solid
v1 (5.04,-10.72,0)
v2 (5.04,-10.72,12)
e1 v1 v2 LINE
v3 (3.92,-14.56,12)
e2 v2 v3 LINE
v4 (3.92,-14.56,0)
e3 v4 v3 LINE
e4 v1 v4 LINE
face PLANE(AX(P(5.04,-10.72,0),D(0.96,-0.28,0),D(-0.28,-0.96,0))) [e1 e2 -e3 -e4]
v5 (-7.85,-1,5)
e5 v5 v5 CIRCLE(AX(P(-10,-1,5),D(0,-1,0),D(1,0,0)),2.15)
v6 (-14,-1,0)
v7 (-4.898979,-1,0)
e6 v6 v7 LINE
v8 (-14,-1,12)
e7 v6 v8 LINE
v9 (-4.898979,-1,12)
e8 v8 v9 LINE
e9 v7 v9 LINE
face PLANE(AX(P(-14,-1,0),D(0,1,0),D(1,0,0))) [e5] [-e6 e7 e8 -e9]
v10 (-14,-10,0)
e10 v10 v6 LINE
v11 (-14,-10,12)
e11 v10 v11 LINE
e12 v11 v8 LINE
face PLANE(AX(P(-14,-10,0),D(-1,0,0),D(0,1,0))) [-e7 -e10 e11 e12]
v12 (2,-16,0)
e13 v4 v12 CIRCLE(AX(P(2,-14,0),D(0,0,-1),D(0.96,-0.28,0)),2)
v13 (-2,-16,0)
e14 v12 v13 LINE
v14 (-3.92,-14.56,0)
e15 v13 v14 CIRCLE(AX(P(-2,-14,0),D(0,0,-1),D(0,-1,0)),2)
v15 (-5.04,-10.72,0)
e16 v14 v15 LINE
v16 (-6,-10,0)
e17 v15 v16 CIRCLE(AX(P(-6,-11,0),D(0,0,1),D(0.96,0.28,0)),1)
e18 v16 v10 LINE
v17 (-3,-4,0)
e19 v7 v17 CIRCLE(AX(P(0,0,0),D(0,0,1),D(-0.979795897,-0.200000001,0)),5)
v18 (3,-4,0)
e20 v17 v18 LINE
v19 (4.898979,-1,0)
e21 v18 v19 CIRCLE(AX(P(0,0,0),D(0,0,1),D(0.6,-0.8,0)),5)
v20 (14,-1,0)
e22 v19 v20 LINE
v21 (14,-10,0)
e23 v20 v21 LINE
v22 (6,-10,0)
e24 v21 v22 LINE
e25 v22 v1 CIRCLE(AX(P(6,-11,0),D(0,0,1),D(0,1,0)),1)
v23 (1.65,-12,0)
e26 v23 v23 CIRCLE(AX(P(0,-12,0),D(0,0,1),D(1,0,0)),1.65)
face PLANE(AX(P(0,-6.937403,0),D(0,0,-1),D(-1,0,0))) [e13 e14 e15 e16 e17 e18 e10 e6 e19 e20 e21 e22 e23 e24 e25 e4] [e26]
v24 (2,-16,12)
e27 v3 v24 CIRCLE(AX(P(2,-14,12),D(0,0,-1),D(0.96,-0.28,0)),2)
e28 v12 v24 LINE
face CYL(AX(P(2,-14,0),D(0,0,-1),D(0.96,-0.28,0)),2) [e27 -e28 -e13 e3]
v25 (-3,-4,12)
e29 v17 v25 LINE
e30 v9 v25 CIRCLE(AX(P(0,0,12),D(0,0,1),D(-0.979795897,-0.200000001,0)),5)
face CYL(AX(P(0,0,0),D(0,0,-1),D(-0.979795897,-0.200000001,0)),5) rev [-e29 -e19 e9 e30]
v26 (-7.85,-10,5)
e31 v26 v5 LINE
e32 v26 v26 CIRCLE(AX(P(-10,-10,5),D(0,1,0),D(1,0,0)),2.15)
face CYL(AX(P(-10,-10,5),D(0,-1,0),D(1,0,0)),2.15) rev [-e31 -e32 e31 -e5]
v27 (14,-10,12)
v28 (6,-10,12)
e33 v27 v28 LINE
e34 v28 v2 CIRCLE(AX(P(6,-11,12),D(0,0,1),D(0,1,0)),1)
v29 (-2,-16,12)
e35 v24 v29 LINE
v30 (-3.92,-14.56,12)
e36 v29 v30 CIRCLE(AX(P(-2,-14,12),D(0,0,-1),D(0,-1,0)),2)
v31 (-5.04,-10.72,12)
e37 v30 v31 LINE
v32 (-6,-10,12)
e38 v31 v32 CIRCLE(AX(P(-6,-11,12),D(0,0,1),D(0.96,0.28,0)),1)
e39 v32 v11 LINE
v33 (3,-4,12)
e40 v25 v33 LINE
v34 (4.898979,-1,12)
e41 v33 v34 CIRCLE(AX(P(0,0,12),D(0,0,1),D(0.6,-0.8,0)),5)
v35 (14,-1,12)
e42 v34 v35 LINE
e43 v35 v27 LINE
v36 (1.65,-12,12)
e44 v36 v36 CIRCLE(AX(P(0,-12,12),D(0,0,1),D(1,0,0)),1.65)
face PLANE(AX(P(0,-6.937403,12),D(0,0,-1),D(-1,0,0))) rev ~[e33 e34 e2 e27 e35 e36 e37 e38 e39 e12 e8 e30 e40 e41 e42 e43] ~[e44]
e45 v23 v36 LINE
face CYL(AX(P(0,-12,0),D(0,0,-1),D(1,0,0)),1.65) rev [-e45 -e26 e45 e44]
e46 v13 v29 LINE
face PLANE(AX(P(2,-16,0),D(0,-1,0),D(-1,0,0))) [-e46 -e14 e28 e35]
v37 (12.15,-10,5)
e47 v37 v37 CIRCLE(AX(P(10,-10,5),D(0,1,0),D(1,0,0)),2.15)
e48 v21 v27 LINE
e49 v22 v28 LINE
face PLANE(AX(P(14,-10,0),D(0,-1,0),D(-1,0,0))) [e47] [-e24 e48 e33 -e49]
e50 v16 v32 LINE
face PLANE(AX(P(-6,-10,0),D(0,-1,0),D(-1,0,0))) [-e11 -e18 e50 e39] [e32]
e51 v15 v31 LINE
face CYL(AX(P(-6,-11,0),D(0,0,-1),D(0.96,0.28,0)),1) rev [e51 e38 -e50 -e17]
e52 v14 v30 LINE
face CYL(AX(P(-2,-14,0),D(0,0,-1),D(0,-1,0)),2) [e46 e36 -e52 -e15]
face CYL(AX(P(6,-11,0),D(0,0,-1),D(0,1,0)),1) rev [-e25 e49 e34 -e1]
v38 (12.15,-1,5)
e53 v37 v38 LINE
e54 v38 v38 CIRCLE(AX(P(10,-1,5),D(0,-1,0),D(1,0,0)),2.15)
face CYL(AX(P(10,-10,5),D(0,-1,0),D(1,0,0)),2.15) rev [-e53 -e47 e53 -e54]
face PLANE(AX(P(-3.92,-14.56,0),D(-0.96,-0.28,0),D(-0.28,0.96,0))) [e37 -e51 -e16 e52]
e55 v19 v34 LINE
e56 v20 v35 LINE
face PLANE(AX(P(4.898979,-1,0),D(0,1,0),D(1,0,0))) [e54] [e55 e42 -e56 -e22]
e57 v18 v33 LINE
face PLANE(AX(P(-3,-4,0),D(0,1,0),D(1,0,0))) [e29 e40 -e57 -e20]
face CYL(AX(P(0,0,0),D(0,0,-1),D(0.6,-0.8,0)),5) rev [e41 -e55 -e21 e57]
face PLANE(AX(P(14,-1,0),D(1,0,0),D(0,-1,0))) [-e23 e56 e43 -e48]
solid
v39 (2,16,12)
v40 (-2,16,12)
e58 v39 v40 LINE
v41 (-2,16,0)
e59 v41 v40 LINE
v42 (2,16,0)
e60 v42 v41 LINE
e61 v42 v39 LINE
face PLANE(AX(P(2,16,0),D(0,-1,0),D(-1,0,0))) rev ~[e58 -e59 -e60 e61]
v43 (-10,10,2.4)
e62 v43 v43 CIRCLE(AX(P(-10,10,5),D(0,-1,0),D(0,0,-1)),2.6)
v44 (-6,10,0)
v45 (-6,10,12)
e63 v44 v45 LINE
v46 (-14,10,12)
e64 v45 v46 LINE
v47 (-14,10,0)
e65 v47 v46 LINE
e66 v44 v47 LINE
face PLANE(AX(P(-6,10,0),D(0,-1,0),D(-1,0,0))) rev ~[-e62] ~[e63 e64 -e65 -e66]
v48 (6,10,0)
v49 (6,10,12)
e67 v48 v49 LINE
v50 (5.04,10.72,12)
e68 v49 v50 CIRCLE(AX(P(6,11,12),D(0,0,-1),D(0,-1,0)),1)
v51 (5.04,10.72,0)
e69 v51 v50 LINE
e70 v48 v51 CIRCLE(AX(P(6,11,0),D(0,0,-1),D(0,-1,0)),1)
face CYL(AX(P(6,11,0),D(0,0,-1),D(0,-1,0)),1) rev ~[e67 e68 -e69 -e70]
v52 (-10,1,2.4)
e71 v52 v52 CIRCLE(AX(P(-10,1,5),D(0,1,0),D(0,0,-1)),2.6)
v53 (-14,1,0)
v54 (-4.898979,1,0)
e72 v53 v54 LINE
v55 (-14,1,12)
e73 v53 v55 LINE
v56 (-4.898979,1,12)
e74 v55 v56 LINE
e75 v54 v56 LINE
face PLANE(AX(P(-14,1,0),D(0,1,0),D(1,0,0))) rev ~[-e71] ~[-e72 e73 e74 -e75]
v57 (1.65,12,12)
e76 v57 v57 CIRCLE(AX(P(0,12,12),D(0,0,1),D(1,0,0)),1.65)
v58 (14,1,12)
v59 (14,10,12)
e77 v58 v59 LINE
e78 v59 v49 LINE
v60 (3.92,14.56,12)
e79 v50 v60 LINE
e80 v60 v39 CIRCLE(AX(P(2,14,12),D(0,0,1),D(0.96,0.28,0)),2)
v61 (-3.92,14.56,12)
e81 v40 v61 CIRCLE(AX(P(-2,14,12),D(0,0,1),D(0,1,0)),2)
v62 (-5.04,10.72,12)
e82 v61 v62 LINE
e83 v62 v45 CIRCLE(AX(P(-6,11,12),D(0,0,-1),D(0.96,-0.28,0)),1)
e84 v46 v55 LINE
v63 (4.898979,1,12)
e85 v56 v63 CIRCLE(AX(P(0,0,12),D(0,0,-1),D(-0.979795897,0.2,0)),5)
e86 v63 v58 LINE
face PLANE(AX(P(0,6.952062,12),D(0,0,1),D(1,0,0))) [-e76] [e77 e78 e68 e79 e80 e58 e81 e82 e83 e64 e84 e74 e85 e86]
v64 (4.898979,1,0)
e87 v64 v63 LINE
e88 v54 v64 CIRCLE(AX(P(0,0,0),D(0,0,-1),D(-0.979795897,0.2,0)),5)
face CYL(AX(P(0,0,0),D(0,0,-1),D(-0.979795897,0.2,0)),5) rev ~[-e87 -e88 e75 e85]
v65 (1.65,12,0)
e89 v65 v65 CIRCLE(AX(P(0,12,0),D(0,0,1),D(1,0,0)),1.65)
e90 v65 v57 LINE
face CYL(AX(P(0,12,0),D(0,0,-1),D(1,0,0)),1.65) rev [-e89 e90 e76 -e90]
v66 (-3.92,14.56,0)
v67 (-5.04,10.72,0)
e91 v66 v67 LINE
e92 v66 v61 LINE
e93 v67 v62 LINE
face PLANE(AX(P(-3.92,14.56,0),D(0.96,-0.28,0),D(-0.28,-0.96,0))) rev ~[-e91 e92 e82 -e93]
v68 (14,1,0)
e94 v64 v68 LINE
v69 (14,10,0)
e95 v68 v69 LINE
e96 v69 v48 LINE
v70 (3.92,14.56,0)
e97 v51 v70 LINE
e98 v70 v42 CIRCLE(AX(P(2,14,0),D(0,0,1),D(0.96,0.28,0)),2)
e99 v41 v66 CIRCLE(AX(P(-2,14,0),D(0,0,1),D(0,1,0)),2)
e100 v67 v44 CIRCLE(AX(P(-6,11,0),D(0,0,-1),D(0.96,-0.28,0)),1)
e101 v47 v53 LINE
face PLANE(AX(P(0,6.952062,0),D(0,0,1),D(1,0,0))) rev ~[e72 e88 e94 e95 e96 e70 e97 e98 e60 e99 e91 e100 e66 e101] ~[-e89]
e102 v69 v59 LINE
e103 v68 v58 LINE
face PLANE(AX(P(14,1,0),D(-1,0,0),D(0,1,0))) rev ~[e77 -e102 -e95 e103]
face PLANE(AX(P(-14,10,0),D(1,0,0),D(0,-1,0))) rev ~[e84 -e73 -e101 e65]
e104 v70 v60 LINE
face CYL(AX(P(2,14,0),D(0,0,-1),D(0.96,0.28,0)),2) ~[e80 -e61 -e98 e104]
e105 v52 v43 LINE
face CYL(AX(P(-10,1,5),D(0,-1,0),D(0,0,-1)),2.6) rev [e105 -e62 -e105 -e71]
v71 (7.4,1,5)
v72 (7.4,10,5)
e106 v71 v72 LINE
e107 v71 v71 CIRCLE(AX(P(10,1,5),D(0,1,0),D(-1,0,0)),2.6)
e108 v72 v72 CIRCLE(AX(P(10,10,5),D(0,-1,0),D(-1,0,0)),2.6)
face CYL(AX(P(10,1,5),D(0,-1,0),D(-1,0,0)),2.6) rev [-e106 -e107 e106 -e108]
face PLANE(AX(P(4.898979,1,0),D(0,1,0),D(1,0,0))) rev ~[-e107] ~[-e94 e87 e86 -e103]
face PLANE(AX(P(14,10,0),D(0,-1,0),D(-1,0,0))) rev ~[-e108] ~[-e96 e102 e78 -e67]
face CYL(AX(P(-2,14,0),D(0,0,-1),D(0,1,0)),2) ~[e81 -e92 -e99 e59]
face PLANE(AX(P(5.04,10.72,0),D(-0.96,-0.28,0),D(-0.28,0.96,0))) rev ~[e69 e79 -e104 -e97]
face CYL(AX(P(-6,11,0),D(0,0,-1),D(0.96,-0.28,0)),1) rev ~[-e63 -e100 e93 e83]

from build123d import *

# Parameters (mm, degrees)
SKETCH_1_R               = 1.65
EXTRUDE_1_DEPTH          = 12
EXTRUDE_1_2_DEPTH        = 12
CUT_EXTRUDE_2_DEPTH      = 32.874754901
CUT_EXTRUDE_2_DEPTH_BACK = 9
SKETCH_3_R               = 2.6
SKETCH_4_R               = 2.15
CUT_EXTRUDE_3_DEPTH      = 32.874754901


with BuildPart() as part:
    # 草图1 → 凸台-拉伸1 (new body)
    with BuildSketch(Plane.XY):
        with BuildLine():
            Line((-3, -4), (3, -4))
            ThreePointArc((3, -4), (4.224744871, -2.674234614), (4.898979486, -1))
            Line((4.898979486, -1), (14, -1))
            Line((14, -1), (14, -10))
            Line((14, -10), (6, -10))
            ThreePointArc((6, -10), (5.4, -10.2), (5.04, -10.72))
            Line((5.04, -10.72), (3.92, -14.56))
            ThreePointArc((3.92, -14.56), (3.2, -15.6), (2, -16))
            Line((2, -16), (-2, -16))
            ThreePointArc((-2, -16), (-3.2, -15.6), (-3.92, -14.56))
            Line((-3.92, -14.56), (-5.04, -10.72))
            ThreePointArc((-5.04, -10.72), (-5.4, -10.2), (-6, -10))
            Line((-6, -10), (-14, -10))
            Line((-14, -10), (-14, -1))
            Line((-14, -1), (-4.898979486, -1))
            ThreePointArc((-4.898979486, -1), (-4.224744871, -2.674234614), (-3, -4))
        make_face()
        with Locations((0, -12)):
            Circle(SKETCH_1_R, mode=Mode.SUBTRACT)
    extrude(amount=EXTRUDE_1_DEPTH)

    # 草图4 → 切除-拉伸3 (cut, through all)
    with BuildSketch(Plane(origin=(0, -10, 0), x_dir=(1, 0, 0), z_dir=(0, 1, 0))):
        with Locations((10, -5)):
            Circle(SKETCH_4_R)
        with Locations((-10, -5)):
            Circle(SKETCH_4_R)
    extrude(amount=CUT_EXTRUDE_3_DEPTH, mode=Mode.SUBTRACT)


with BuildPart() as body_2:
    # 草图1 → Extrude 1 2 (new body)
    with BuildSketch(Plane.XY):
        with BuildLine():
            Line((-3.92, 14.56), (-5.04, 10.72))
            ThreePointArc((-5.04, 10.72), (-5.4, 10.2), (-6, 10))
            Line((-6, 10), (-14, 10))
            Line((-14, 10), (-14, 1))
            Line((-14, 1), (-4.898979486, 1))
            ThreePointArc((-4.898979486, 1), (0, 5), (4.898979486, 1))
            Line((4.898979486, 1), (14, 1))
            Line((14, 1), (14, 10))
            Line((14, 10), (6, 10))
            ThreePointArc((6, 10), (5.4, 10.2), (5.04, 10.72))
            Line((5.04, 10.72), (3.92, 14.56))
            ThreePointArc((3.92, 14.56), (3.2, 15.6), (2, 16))
            Line((2, 16), (-2, 16))
            ThreePointArc((-2, 16), (-3.2, 15.6), (-3.92, 14.56))
        make_face()
        with Locations((0, 12)):
            Circle(SKETCH_1_R, mode=Mode.SUBTRACT)
    extrude(amount=EXTRUDE_1_2_DEPTH)

    # 草图3 → 切除-拉伸2 (cut, two sides: drawn at the far end of the back side and taken through both)
    with BuildSketch(Plane(origin=(0, 10, 0), x_dir=(1, 0, 0), z_dir=(0, 1, 0)).offset(-CUT_EXTRUDE_2_DEPTH_BACK)):
        with Locations(Location((10, -5, 0), (0, 0, 180))):
            Circle(SKETCH_3_R)
        with Locations(Location((-10, -5, 0), (0, 0, 90))):
            Circle(SKETCH_3_R)
    extrude(amount=CUT_EXTRUDE_2_DEPTH + CUT_EXTRUDE_2_DEPTH_BACK, mode=Mode.SUBTRACT)


solid = Compound([part.part, body_2.part])
